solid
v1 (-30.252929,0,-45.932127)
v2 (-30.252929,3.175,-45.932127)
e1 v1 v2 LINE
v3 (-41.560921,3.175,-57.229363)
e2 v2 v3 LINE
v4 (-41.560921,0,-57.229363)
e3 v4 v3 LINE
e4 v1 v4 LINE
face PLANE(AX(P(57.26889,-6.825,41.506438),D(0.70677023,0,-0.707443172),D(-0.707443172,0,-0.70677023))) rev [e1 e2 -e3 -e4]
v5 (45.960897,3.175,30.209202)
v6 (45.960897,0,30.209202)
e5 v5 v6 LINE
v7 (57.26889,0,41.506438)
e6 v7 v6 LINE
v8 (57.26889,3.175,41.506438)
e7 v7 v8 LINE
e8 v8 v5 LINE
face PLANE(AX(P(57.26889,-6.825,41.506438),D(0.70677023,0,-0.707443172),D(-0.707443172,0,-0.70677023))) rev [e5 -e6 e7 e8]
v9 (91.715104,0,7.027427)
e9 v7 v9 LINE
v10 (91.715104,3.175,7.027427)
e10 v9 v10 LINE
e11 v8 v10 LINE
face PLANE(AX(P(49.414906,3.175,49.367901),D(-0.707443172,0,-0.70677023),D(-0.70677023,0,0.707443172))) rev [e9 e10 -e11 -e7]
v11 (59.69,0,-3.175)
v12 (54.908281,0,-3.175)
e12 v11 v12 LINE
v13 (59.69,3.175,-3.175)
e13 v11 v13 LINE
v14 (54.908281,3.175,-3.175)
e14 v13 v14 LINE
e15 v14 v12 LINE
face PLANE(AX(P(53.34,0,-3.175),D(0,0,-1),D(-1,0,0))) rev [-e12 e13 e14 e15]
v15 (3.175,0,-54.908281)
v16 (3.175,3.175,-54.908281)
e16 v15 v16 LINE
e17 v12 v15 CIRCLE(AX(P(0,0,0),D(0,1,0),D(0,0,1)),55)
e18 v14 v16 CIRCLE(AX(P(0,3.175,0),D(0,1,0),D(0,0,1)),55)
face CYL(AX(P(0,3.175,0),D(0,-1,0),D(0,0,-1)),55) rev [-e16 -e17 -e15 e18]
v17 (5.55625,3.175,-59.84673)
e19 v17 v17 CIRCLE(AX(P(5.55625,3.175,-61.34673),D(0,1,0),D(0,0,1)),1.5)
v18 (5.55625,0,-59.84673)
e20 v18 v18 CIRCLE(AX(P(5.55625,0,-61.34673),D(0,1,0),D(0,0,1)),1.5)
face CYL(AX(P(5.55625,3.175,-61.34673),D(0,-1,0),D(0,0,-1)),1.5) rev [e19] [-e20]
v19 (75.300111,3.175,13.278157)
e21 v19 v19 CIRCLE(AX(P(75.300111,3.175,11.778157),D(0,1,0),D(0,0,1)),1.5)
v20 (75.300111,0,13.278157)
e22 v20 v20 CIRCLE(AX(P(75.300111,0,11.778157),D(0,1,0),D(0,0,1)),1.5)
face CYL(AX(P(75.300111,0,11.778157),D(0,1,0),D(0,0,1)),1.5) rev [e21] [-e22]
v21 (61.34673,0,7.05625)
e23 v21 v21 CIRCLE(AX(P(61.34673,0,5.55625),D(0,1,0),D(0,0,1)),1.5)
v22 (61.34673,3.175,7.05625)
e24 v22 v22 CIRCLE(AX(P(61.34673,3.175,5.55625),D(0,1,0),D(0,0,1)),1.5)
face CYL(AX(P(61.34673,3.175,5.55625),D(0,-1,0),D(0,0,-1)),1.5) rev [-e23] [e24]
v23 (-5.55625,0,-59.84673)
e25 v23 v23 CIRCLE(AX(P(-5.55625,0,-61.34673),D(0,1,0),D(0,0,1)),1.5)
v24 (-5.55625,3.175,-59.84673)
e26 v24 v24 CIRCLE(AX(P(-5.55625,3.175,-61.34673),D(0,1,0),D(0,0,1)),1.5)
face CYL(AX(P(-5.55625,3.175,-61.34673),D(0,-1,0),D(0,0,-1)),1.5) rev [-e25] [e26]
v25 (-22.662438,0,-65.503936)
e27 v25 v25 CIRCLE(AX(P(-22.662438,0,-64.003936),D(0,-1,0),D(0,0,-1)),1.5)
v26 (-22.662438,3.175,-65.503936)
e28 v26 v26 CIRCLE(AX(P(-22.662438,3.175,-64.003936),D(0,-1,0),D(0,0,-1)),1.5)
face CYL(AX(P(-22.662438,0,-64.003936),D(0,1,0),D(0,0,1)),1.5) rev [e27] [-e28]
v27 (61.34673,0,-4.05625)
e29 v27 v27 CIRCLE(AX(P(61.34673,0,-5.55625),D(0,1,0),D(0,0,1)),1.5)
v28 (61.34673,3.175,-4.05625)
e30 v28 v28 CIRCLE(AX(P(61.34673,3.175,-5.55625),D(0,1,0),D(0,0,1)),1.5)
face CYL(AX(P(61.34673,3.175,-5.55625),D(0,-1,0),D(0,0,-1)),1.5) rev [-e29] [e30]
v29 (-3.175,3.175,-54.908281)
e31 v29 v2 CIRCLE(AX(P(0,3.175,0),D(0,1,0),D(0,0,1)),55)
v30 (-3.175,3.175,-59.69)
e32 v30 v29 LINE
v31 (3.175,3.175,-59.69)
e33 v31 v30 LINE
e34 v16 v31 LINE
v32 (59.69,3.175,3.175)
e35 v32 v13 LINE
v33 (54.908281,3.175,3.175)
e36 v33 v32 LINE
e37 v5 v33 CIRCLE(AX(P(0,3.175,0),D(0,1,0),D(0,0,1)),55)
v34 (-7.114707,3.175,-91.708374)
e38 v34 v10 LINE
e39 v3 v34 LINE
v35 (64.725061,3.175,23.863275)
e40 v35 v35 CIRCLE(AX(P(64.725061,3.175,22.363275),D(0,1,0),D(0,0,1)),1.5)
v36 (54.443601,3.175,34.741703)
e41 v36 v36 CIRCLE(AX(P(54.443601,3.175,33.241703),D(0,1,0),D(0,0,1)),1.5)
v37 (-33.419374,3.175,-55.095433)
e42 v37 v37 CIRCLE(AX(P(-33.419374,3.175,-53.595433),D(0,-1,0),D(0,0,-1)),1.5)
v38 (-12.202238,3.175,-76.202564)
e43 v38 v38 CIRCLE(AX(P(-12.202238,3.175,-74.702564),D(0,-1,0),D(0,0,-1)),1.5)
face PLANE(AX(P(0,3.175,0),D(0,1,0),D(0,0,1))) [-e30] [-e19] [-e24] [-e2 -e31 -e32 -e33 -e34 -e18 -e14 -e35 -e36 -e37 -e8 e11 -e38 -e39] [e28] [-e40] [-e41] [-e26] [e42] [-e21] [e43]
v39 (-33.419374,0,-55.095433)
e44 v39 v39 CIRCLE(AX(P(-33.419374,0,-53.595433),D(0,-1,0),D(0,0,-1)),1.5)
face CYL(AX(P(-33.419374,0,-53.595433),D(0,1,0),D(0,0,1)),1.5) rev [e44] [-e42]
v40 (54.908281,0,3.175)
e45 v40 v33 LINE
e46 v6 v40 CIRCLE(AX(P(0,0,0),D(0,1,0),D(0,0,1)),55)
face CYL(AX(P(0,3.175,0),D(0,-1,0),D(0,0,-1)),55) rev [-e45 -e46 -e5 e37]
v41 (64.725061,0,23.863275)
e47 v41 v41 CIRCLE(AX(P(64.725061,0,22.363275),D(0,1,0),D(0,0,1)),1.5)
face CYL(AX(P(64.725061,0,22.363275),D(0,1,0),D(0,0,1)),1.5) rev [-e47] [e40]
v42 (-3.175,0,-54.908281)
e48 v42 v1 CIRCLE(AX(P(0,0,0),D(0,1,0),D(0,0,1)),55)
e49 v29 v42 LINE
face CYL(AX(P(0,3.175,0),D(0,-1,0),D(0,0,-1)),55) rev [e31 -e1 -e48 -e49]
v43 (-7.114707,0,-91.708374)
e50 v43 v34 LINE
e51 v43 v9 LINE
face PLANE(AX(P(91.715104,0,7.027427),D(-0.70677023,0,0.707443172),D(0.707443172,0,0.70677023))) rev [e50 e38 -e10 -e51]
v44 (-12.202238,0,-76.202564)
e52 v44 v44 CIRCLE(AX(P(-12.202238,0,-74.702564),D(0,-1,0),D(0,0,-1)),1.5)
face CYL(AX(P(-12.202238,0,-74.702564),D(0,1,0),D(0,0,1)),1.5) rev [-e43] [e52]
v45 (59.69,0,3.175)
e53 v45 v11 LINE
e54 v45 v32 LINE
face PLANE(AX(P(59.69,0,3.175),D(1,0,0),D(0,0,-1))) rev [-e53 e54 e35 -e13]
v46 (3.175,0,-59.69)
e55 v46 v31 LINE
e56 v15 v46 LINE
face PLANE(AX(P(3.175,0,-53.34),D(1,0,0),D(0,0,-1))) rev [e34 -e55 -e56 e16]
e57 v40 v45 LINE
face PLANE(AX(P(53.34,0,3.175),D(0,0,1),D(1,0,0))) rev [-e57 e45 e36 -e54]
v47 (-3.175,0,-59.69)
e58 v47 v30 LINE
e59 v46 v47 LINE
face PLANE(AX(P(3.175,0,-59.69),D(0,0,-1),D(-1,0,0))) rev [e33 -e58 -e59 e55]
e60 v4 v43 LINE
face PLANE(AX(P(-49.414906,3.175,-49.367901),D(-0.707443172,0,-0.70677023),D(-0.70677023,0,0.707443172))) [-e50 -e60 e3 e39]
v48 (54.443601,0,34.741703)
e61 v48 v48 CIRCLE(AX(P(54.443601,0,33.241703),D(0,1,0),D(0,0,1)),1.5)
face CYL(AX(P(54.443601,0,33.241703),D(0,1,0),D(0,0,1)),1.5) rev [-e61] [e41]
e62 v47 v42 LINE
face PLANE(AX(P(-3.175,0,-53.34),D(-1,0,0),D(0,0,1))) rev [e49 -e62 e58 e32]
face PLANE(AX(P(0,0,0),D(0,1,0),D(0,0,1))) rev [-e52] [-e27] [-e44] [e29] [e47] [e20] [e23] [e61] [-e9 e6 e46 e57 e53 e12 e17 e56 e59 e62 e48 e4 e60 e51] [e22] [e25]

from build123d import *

# Parameters (mm, degrees)
SKETCH1_R           = 1.5
SKETCH1_R_2         = 55
BOSS_EXTRUDE1_DEPTH = 3.175
CUT_EXTRUDE3_DEPTH  = 140.736059076
CUT_EXTRUDE4_DEPTH  = 140.736059076
CUT_EXTRUDE5_DEPTH  = 140.736059076
SKETCH6_R           = 1.5
CUT_EXTRUDE6_DEPTH  = 130.738840902
CUT_EXTRUDE7_DEPTH  = 10


with BuildPart() as part:
    # Sketch1 → Boss-Extrude1 (new body)
    with BuildSketch(Plane(origin=(0, 0, 0), x_dir=(1, 0, 0), z_dir=(0, 1, 0))):
        Polygon((0.047005036, -98.782806148), (-98.782806148, -0.047005036), (-0.047005036, 98.782806148), (98.782806148, 0.047005036), align=None)
        with Locations(Location((-61.346730494, 5.55625, 0), (0, 0, 270))):
            Circle(SKETCH1_R, mode=Mode.SUBTRACT)
        with Locations(Location((-61.346730494, -5.55625, 0), (0, 0, 270))):
            Circle(SKETCH1_R, mode=Mode.SUBTRACT)
        with Locations(Location((-5.55625, -61.346730494, 0), (0, 0, 270))):
            Circle(SKETCH1_R, mode=Mode.SUBTRACT)
        with Locations(Location((5.55625, -61.346730494, 0), (0, 0, 270))):
            Circle(SKETCH1_R, mode=Mode.SUBTRACT)
        with Locations(Location((61.346730494, -5.55625, 0), (0, 0, 270))):
            Circle(SKETCH1_R, mode=Mode.SUBTRACT)
        with Locations(Location((61.346730494, 5.55625, 0), (0, 0, 270))):
            Circle(SKETCH1_R, mode=Mode.SUBTRACT)
        with Locations(Location((5.55625, 61.346730494, 0), (0, 0, 270))):
            Circle(SKETCH1_R, mode=Mode.SUBTRACT)
        with Locations(Location((-5.55625, 61.346730494, 0), (0, 0, 270))):
            Circle(SKETCH1_R, mode=Mode.SUBTRACT)
        with Locations(Location((0, 0, 0), (0, 0, 270))):
            Circle(SKETCH1_R_2, mode=Mode.SUBTRACT)
    extrude(amount=BOSS_EXTRUDE1_DEPTH)

    # Sketch2 → Cut-Extrude3 (cut, through all)
    with BuildSketch(Plane(origin=(0, 3.175, 0), x_dir=(1, 0, 0), z_dir=(0, 1, 0))):
        Polygon((3.175, 53.34), (3.175, 59.69), (-3.175, 59.69), (-3.175, 53.34), (-3.175, 52.244537665), (3.175, 52.244537665), align=None)
        Polygon((53.34, -3.175), (59.69, -3.175), (59.69, 3.175), (53.34, 3.175), (52.244537665, 3.175), (52.244537665, -3.175), align=None)
        Polygon((-3.175, -53.34), (-3.175, -59.69), (3.175, -59.69), (3.175, -53.34), (3.175, -52.244537665), (-3.175, -52.244537665), align=None)
        Polygon((-53.34, 3.175), (-59.69, 3.175), (-59.69, -3.175), (-53.34, -3.175), (-52.244537665, -3.175), (-52.244537665, 3.175), align=None)
    extrude(amount=-CUT_EXTRUDE3_DEPTH, mode=Mode.SUBTRACT)

    # Sketch3 → Cut-Extrude4 (cut, through all)
    with BuildSketch(Plane(origin=(0, 3.175, 0), x_dir=(1, 0, 0), z_dir=(0, 1, 0))):
        Polygon((-49.414905592, 49.367900556), (49.414905592, -49.367900556), (0.047005036, -98.782806148), (-98.782806148, -0.047005036), align=None)
    extrude(amount=-CUT_EXTRUDE4_DEPTH, mode=Mode.SUBTRACT)

    # Sketch5 → Cut-Extrude5 (cut, through all)
    with BuildSketch(Plane(origin=(0, 3.175, 0), x_dir=(1, 0, 0), z_dir=(0, 1, 0))):
        Polygon((98.782806148, 0.047005036), (91.71510385, -7.027426688), (-7.114707335, 91.708374424), (-0.047005036, 98.782806148), align=None)
    extrude(amount=-CUT_EXTRUDE5_DEPTH, mode=Mode.SUBTRACT)

    # Sketch6 → Cut-Extrude6 (cut, through all)
    with BuildSketch(Plane(origin=(0, 3.175, 0), x_dir=(1, 0, 0), z_dir=(0, 1, 0))):
        with Locations(Location((64.725061333, -22.363275374, 0), (0, 0, 270))):
            Circle(SKETCH6_R)
        with Locations(Location((75.300110897, -11.778156907, 0), (0, 0, 270))):
            Circle(SKETCH6_R)
        with Locations(Location((-12.20223816, 74.702563661, 0), (0, 0, 90))):
            Circle(SKETCH6_R)
        with Locations(Location((-22.662437607, 64.003936002, 0), (0, 0, 90))):
            Circle(SKETCH6_R)
        with Locations(Location((54.443600685, -33.241703487, 0), (0, 0, 270))):
            Circle(SKETCH6_R)
        with Locations(Location((-33.419374261, 53.595432504, 0), (0, 0, 90))):
            Circle(SKETCH6_R)
    extrude(amount=-CUT_EXTRUDE6_DEPTH, mode=Mode.SUBTRACT)

    # Sketch7 → Cut-Extrude7 (cut)
    with BuildSketch(Plane(origin=(0, 3.175, 0), x_dir=(1, 0, 0), z_dir=(0, 1, 0))):
        Polygon((49.414905592, -49.367900556), (57.268889772, -41.506438303), (-41.560921413, 57.229362809), (-49.414905592, 49.367900556), align=None)
    extrude(amount=-CUT_EXTRUDE7_DEPTH, mode=Mode.SUBTRACT)


solid = part.part
